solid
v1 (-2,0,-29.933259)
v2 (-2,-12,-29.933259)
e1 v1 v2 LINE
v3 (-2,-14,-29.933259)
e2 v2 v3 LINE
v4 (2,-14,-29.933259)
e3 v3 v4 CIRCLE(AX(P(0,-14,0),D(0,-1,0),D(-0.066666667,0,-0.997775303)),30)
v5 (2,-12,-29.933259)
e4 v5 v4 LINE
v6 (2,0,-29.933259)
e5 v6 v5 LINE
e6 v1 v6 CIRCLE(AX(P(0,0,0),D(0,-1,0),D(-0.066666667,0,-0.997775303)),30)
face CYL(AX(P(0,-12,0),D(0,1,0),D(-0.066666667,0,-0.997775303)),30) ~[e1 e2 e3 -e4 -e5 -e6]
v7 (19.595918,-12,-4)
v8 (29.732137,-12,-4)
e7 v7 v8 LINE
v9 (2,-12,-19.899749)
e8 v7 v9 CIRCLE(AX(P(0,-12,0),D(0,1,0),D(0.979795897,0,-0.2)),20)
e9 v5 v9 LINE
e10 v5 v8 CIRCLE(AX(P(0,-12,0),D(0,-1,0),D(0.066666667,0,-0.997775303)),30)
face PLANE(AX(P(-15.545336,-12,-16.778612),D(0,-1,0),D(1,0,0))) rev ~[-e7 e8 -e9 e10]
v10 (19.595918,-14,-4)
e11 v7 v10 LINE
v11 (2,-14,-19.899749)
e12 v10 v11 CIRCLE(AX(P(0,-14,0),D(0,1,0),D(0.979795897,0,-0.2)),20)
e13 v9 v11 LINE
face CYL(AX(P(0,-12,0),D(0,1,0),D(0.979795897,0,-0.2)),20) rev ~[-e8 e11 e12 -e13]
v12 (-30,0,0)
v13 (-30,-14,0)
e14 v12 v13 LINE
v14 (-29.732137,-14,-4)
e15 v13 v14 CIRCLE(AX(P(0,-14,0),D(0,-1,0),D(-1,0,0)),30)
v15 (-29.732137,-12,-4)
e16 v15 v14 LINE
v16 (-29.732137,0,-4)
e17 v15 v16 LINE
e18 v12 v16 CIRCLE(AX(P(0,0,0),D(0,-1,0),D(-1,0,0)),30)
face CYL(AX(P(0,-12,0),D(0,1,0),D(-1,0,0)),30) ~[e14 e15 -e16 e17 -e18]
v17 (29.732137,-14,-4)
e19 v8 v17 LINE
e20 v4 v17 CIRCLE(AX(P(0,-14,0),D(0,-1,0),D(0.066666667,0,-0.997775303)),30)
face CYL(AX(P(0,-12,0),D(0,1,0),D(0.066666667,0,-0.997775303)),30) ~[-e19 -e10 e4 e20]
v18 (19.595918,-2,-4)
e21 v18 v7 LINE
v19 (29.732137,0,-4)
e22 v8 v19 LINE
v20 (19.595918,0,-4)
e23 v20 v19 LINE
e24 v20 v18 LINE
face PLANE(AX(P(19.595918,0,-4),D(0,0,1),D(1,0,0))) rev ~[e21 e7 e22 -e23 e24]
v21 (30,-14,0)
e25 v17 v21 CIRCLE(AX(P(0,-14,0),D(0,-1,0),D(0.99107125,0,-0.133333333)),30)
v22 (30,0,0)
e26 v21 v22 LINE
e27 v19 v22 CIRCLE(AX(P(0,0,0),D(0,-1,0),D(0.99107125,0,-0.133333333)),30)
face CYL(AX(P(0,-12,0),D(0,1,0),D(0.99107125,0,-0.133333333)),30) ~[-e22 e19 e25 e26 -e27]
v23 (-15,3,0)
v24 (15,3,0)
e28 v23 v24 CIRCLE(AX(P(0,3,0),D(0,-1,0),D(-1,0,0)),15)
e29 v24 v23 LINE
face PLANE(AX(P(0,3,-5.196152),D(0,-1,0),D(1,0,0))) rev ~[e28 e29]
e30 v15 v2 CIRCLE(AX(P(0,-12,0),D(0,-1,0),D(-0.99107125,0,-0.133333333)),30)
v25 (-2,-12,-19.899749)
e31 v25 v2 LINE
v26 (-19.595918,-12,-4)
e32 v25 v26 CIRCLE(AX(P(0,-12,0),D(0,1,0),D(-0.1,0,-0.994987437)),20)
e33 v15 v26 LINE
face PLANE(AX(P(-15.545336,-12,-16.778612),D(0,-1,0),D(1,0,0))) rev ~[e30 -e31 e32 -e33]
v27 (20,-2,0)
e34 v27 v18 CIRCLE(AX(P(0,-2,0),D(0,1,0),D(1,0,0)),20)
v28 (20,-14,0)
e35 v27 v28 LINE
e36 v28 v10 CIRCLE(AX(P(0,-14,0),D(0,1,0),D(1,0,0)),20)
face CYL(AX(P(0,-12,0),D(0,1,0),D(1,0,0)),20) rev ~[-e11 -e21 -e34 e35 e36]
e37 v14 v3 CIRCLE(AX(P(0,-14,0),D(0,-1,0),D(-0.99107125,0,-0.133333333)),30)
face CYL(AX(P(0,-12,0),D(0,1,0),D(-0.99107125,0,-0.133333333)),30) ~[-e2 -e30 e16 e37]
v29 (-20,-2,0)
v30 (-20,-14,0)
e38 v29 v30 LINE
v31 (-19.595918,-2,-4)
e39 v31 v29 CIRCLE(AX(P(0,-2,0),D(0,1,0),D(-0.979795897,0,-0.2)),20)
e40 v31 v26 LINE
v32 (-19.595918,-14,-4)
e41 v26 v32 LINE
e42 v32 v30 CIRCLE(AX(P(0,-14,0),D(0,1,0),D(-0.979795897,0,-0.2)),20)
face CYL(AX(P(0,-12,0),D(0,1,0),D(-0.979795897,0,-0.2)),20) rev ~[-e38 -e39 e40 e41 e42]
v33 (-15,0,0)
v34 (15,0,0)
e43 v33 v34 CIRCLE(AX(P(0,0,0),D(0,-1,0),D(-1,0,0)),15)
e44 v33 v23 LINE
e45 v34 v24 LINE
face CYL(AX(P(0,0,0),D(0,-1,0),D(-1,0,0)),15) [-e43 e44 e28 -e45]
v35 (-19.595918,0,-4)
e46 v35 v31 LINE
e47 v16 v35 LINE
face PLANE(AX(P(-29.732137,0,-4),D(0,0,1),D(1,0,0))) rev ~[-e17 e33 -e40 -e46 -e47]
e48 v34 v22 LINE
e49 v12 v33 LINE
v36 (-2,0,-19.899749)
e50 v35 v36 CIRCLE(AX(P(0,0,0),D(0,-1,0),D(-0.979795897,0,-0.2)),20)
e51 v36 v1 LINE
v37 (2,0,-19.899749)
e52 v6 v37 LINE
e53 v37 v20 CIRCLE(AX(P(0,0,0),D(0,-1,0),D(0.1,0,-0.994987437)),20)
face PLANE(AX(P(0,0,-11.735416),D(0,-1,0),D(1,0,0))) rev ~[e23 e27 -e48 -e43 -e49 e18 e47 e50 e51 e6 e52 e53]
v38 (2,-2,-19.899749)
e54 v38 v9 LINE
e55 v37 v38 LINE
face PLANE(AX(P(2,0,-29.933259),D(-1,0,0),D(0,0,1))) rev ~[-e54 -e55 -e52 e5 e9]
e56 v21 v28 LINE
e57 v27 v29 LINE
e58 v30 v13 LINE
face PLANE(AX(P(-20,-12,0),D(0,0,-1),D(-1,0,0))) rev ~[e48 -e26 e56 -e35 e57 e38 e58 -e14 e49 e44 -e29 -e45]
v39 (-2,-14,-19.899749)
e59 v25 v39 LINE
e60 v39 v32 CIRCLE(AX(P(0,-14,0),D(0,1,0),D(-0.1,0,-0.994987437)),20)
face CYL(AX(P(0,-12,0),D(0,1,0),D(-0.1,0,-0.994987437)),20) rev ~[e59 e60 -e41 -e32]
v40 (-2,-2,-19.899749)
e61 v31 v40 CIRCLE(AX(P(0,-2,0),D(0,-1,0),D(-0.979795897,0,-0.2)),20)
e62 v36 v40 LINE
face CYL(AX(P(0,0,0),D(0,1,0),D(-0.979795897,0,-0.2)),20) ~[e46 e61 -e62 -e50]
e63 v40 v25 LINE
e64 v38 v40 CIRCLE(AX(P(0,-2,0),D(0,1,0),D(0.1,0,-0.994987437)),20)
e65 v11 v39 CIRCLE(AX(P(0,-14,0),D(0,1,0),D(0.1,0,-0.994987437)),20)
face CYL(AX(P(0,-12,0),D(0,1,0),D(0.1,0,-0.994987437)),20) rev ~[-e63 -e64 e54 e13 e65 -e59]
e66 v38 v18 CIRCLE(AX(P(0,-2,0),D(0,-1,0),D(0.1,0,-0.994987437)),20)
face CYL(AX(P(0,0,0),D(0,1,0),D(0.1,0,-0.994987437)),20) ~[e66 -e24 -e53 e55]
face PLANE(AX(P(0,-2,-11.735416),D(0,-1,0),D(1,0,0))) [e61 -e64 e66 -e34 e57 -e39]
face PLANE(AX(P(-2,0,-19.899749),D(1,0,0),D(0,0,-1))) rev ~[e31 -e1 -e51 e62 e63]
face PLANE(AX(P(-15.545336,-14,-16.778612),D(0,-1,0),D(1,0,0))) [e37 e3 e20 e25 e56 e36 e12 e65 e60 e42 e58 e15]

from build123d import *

# Parameters (mm, degrees)
F1_DEPTH = 3
F3_DEPTH = 2
F4_DEPTH = 12
F5_START = 12
F5_DEPTH = 2


with BuildPart() as f1:
    # F0 (on Front) → F1 (new body)
    with BuildSketch(Plane.XZ):
        with BuildLine():
            Line((15, 0), (-15, 0))
            ThreePointArc((-15, 0), (0, -15), (15, 0))
        make_face()
    extrude(amount=-F1_DEPTH)

    # F2 (on face) → F3 (join)
    with BuildSketch(Plane.XZ):
        with BuildLine():
            ThreePointArc((-19.5959179423, -4), (-13.408818757, -14.8392580523), (-2, -19.8997487421))
            ThreePointArc((-2, -19.8997487421), (0, -20), (2, -19.8997487421))
            ThreePointArc((2, -19.8997487421), (13.408818757, -14.8392580523), (19.5959179423, -4))
            Line((19.5959179423, -4), (14.4568322948, -4))
            ThreePointArc((14.4568322948, -4), (0, -15), (-14.4568322948, -4))
            Line((-14.4568322948, -4), (-19.5959179423, -4))
        make_face()
        with BuildLine():
            Line((14.4568322948, -4), (-14.4568322948, -4))
            ThreePointArc((-14.4568322948, -4), (0, -15), (14.4568322948, -4))
        make_face()
        with BuildLine():
            ThreePointArc((-20, 0), (-19.8987230601, -2.0101792401), (-19.5959179423, -4))
            Line((-19.5959179423, -4), (-14.4568322948, -4))
            ThreePointArc((-14.4568322948, -4), (-14.8635877974, -2.0183552187), (-15, 0))
            Line((-15, 0), (-20, 0))
        make_face()
        with BuildLine():
            Line((14.4568322948, -4), (19.5959179423, -4))
            ThreePointArc((19.5959179423, -4), (19.8987230601, -2.0101792401), (20, 0))
            Line((20, 0), (15, 0))
            ThreePointArc((15, 0), (14.8635877974, -2.0183552187), (14.4568322948, -4))
        make_face()
        with BuildLine():
            ThreePointArc((-15, 0), (-14.8635877974, -2.0183552187), (-14.4568322948, -4))
            Line((-14.4568322948, -4), (14.4568322948, -4))
            ThreePointArc((14.4568322948, -4), (14.8635877974, -2.0183552187), (15, 0))
            Line((15, 0), (-15, 0))
        make_face()
        with BuildLine():
            Line((-29.7321374946, -4), (-19.5959179423, -4))
            ThreePointArc((-19.5959179423, -4), (-19.8987230601, -2.0101792401), (-20, 0))
            Line((-20, 0), (-30, 0))
            ThreePointArc((-30, 0), (-29.9329594664, -2.0044793789), (-29.7321374946, -4))
        make_face()
        with BuildLine():
            ThreePointArc((20, 0), (19.8987230601, -2.0101792401), (19.5959179423, -4))
            Line((19.5959179423, -4), (29.7321374946, -4))
            ThreePointArc((29.7321374946, -4), (29.9329594664, -2.0044793789), (30, 0))
            Line((30, 0), (20, 0))
        make_face()
        with BuildLine():
            ThreePointArc((2, -19.8997487421), (0, -20), (-2, -19.8997487421))
            Line((-2, -19.8997487421), (-2, -29.9332590942))
            ThreePointArc((-2, -29.9332590942), (0, -30), (2, -29.9332590942))
            Line((2, -29.9332590942), (2, -19.8997487421))
        make_face()
    extrude(amount=F3_DEPTH)

    # F2 (on face) → F4 (join)
    with BuildSketch(Plane.XZ):
        with BuildLine():
            Line((-29.7321374946, -4), (-19.5959179423, -4))
            ThreePointArc((-19.5959179423, -4), (-19.8987230601, -2.0101792401), (-20, 0))
            Line((-20, 0), (-30, 0))
            ThreePointArc((-30, 0), (-29.9329594664, -2.0044793789), (-29.7321374946, -4))
        make_face()
        with BuildLine():
            ThreePointArc((20, 0), (19.8987230601, -2.0101792401), (19.5959179423, -4))
            Line((19.5959179423, -4), (29.7321374946, -4))
            ThreePointArc((29.7321374946, -4), (29.9329594664, -2.0044793789), (30, 0))
            Line((30, 0), (20, 0))
        make_face()
        with BuildLine():
            ThreePointArc((2, -19.8997487421), (0, -20), (-2, -19.8997487421))
            Line((-2, -19.8997487421), (-2, -29.9332590942))
            ThreePointArc((-2, -29.9332590942), (0, -30), (2, -29.9332590942))
            Line((2, -29.9332590942), (2, -19.8997487421))
        make_face()
    extrude(amount=F4_DEPTH)

    # F2 (on face) → F5 (join)
    with BuildSketch(Plane.XZ.offset(F5_START)):
        with BuildLine():
            Line((-2, -29.9332590942), (-2, -19.8997487421))
            ThreePointArc((-2, -19.8997487421), (-13.408818757, -14.8392580523), (-19.5959179423, -4))
            Line((-19.5959179423, -4), (-29.7321374946, -4))
            ThreePointArc((-29.7321374946, -4), (-20.4906227164, -21.9119688913), (-2, -29.9332590942))
        make_face()
        with BuildLine():
            ThreePointArc((19.5959179423, -4), (13.408818757, -14.8392580523), (2, -19.8997487421))
            Line((2, -19.8997487421), (2, -29.9332590942))
            ThreePointArc((2, -29.9332590942), (20.4906227164, -21.9119688913), (29.7321374946, -4))
            Line((29.7321374946, -4), (19.5959179423, -4))
        make_face()
        with BuildLine():
            Line((-29.7321374946, -4), (-19.5959179423, -4))
            ThreePointArc((-19.5959179423, -4), (-19.8987230601, -2.0101792401), (-20, 0))
            Line((-20, 0), (-30, 0))
            ThreePointArc((-30, 0), (-29.9329594664, -2.0044793789), (-29.7321374946, -4))
        make_face()
        with BuildLine():
            ThreePointArc((2, -19.8997487421), (0, -20), (-2, -19.8997487421))
            Line((-2, -19.8997487421), (-2, -29.9332590942))
            ThreePointArc((-2, -29.9332590942), (0, -30), (2, -29.9332590942))
            Line((2, -29.9332590942), (2, -19.8997487421))
        make_face()
        with BuildLine():
            ThreePointArc((20, 0), (19.8987230601, -2.0101792401), (19.5959179423, -4))
            Line((19.5959179423, -4), (29.7321374946, -4))
            ThreePointArc((29.7321374946, -4), (29.9329594664, -2.0044793789), (30, 0))
            Line((30, 0), (20, 0))
        make_face()
    extrude(amount=F5_DEPTH)


solid = f1.part
